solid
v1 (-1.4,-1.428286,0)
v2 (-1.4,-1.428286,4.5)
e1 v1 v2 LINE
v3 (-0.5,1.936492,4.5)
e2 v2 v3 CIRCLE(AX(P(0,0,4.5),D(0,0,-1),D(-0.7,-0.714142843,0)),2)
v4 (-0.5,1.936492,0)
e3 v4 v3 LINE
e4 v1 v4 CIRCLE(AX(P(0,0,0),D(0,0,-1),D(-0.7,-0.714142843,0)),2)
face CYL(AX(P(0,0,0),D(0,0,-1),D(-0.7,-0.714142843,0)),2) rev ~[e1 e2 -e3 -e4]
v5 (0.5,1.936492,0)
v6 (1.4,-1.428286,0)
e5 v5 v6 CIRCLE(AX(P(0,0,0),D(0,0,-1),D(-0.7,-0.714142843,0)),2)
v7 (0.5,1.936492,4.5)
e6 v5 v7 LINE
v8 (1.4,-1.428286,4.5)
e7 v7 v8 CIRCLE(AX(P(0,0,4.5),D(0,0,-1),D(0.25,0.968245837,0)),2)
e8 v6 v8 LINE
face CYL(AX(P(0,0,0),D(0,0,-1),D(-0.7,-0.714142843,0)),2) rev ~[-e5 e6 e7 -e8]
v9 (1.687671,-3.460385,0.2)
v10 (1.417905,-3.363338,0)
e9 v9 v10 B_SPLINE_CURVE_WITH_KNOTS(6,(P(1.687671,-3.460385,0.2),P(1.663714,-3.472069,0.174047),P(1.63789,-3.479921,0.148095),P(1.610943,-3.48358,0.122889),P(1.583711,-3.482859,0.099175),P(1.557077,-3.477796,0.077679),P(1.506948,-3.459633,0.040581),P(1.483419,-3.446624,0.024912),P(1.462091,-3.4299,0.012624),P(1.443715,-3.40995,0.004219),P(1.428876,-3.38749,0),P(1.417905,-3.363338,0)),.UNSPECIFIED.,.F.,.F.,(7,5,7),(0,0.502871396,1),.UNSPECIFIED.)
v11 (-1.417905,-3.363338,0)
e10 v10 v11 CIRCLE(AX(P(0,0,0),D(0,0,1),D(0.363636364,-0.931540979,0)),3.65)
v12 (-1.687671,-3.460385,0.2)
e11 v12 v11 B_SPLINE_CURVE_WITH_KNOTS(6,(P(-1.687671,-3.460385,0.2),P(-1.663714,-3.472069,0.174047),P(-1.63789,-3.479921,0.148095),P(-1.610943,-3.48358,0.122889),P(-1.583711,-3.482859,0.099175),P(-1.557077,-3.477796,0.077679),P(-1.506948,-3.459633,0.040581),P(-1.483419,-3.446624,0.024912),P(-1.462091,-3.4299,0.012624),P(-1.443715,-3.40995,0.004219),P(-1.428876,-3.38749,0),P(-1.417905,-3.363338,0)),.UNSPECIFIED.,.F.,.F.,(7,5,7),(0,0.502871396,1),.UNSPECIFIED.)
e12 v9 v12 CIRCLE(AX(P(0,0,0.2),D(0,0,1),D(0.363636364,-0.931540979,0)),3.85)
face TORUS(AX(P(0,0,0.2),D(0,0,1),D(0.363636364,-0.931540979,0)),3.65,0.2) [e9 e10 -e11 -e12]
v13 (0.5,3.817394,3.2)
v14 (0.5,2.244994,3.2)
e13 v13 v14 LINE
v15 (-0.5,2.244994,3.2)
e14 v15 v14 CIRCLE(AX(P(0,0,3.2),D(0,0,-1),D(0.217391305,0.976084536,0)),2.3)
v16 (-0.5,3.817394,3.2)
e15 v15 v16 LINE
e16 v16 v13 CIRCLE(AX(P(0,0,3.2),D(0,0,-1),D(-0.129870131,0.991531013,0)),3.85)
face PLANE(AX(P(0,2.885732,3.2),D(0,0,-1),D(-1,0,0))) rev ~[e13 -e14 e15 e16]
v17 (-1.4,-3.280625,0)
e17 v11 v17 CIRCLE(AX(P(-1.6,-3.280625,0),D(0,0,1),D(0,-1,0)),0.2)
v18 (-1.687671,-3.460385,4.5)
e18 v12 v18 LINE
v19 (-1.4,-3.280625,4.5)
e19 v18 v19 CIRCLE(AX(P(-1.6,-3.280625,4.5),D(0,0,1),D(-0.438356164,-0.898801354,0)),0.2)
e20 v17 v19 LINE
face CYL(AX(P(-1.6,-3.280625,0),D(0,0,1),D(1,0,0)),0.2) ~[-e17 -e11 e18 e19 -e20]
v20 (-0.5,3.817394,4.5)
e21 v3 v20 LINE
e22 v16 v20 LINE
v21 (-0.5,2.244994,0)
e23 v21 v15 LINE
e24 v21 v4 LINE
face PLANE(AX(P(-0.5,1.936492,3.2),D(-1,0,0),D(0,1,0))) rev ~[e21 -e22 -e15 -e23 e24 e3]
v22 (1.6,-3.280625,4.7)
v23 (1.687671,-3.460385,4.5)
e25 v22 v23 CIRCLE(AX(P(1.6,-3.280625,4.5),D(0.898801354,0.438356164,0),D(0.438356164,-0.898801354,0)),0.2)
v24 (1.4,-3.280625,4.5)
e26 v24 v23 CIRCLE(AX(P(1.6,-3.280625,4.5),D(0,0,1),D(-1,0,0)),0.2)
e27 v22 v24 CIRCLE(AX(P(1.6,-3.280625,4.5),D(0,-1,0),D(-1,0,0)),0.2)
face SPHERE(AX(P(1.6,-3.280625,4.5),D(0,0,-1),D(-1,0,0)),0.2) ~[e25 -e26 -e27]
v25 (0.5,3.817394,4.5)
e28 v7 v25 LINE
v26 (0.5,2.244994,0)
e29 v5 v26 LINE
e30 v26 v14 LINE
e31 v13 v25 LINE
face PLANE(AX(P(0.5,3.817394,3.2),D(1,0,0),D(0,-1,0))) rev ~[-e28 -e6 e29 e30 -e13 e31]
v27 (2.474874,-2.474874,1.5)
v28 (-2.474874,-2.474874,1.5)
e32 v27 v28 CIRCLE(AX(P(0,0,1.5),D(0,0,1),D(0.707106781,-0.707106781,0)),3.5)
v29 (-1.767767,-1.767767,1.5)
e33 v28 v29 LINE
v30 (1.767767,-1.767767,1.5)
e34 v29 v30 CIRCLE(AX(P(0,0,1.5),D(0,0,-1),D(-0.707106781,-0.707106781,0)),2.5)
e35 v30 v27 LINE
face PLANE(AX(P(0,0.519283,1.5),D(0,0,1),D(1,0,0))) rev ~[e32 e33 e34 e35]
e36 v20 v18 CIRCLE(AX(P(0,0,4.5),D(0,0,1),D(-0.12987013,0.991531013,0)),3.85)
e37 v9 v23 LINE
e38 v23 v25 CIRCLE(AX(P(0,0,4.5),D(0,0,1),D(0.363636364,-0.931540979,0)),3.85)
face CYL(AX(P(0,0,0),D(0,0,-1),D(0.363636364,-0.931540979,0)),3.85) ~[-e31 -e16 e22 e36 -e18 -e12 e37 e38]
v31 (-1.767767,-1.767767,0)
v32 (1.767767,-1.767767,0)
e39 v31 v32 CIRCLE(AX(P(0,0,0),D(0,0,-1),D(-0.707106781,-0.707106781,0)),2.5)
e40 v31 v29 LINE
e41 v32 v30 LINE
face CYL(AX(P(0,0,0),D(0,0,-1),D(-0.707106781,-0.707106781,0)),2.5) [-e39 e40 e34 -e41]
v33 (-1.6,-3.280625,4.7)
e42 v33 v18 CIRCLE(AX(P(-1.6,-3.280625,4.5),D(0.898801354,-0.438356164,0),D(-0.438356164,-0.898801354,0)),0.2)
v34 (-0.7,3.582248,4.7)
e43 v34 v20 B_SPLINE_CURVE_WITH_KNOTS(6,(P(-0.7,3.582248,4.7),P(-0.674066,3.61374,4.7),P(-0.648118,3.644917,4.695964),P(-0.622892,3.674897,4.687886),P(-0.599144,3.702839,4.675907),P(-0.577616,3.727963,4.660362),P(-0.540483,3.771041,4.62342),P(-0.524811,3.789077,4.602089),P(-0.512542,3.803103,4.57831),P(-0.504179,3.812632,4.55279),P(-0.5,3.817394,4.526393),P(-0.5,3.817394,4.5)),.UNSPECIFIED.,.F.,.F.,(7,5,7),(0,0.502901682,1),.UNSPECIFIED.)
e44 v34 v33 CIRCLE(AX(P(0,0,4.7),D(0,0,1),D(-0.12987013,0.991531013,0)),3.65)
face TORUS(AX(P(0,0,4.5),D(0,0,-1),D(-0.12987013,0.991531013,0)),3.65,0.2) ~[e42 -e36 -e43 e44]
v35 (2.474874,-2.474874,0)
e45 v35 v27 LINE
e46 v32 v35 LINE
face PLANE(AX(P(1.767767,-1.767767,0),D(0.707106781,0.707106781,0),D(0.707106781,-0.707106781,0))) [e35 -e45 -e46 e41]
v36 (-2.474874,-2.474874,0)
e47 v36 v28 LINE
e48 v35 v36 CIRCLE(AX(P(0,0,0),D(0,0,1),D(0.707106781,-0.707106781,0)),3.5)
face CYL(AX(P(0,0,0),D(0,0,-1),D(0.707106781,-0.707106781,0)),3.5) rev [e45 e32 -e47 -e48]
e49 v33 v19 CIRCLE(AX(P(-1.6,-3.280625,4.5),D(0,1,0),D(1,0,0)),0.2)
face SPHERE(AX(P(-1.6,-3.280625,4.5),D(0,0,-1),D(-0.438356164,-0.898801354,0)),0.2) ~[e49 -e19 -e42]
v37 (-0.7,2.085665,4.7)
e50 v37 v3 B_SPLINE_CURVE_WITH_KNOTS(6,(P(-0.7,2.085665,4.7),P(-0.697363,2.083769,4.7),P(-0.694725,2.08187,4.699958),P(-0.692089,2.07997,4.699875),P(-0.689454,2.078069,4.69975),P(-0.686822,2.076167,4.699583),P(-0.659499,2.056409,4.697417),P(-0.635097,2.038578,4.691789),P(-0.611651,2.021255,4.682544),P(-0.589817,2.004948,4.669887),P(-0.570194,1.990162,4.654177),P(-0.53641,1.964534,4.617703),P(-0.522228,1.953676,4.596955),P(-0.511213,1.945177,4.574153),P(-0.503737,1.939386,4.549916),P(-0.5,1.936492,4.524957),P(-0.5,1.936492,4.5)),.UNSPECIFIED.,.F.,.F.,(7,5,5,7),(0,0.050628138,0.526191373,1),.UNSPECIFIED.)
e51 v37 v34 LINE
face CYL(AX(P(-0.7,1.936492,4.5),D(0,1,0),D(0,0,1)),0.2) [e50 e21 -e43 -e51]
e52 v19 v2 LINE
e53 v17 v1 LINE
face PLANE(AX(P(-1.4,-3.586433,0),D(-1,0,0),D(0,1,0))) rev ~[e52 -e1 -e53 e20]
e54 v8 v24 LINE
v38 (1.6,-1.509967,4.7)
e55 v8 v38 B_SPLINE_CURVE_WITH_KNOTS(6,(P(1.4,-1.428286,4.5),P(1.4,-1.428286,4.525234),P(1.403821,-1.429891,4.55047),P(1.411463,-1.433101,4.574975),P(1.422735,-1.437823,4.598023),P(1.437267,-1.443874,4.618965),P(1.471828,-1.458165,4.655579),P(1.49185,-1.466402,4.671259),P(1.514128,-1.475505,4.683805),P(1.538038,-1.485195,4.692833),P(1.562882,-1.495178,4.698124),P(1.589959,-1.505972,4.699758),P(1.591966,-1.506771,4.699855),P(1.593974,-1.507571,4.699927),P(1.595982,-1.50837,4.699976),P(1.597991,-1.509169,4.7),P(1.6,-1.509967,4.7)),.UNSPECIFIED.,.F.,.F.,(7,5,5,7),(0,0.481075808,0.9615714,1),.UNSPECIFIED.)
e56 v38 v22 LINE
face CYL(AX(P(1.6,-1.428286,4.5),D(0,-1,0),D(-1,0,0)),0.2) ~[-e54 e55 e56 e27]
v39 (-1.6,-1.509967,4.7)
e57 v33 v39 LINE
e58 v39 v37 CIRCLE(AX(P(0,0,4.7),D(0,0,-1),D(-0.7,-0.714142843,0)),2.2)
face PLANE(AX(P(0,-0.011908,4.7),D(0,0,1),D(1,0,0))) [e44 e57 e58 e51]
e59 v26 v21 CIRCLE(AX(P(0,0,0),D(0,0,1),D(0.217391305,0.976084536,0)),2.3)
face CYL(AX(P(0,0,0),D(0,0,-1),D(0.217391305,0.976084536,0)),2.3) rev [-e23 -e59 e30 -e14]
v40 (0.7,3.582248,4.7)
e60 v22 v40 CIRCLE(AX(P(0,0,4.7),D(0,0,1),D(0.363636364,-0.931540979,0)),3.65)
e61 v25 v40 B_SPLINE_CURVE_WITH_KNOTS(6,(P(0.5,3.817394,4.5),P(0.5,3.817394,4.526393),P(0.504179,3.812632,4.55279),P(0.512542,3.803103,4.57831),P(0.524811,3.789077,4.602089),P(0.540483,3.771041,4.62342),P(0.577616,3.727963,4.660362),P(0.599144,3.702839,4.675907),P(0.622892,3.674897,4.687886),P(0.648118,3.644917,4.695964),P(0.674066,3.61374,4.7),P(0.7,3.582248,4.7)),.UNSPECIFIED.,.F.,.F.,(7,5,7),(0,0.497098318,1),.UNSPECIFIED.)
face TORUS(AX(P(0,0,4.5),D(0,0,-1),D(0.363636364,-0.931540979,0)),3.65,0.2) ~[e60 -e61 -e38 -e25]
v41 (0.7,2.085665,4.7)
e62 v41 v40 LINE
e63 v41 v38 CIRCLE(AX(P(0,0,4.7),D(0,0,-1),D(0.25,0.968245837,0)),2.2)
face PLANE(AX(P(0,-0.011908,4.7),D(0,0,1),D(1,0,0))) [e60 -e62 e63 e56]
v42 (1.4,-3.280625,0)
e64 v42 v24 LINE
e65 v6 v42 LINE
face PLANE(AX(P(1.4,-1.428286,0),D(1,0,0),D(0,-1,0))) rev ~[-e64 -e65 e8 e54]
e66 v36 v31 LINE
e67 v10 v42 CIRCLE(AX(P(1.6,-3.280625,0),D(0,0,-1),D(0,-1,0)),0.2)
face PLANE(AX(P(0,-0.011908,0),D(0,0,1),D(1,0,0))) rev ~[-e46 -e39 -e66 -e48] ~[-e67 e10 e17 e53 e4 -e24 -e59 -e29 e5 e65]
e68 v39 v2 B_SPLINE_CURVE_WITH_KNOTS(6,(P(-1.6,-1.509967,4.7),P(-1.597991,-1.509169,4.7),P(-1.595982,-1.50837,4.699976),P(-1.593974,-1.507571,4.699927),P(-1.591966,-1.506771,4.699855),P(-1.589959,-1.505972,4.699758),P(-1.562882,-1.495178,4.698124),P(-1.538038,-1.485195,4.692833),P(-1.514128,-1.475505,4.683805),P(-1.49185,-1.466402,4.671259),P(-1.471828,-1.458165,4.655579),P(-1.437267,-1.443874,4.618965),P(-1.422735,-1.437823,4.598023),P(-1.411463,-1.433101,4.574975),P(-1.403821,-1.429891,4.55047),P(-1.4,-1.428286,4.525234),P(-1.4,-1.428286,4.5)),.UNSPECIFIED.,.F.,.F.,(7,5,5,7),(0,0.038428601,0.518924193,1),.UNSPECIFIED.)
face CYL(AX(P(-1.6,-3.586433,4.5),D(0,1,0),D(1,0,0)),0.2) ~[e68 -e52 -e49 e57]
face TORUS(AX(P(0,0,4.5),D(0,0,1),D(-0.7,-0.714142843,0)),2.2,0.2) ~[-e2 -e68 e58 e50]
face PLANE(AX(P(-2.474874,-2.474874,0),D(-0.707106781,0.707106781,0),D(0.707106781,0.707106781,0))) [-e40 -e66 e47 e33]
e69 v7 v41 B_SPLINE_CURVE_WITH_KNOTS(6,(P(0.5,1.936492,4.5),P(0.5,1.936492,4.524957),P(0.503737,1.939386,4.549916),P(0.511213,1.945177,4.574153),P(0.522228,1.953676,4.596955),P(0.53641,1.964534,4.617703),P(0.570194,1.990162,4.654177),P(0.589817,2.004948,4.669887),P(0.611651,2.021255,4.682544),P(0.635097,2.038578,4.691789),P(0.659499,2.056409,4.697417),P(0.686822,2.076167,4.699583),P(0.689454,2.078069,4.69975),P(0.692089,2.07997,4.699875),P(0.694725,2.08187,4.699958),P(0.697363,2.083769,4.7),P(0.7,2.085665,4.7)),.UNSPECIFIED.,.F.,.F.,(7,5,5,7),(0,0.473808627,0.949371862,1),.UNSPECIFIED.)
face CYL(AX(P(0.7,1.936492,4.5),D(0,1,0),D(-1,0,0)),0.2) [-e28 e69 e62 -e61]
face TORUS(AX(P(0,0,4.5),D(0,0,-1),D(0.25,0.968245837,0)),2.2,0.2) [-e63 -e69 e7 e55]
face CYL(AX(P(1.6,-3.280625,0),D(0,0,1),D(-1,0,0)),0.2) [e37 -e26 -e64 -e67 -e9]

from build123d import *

# Parameters (mm, degrees)
EXTRUDE_1_DEPTH     = 4.7
CUT_EXTRUDE_START   = -1.5
CUT_EXTRUDE_1_DEPTH = 1.5
CUT_EXTRUDE_2_DEPTH = 1.5
CUT_EXTRUDE_3_DEPTH = 8.192704637
FILLET_1_R          = 0.2


with BuildPart() as part:
    # 草图1 → 凸台-拉伸1 (new body)
    with BuildSketch(Plane.XY):
        with BuildLine():
            Line((-1.4, -3.586432768), (-1.4, -1.428285686))
            ThreePointArc((-1.4, -1.428285686), (0, 2), (1.4, -1.428285686))
            Line((1.4, -1.428285686), (1.4, -3.586432768))
            ThreePointArc((1.4, -3.586432768), (0, 3.85), (-1.4, -3.586432768))
        make_face()
    extrude(amount=EXTRUDE_1_DEPTH)

    # 草图2 → 切除-拉伸1 (cut)
    with BuildSketch(Plane.XY.offset(4.7).offset(CUT_EXTRUDE_START)):
        with BuildLine():
            Line((-0.5, 1.936491673), (-0.5, 3.817394399))
            ThreePointArc((-0.5, 3.817394399), (0, 3.85), (0.5, 3.817394399))
            Line((0.5, 3.817394399), (0.5, 1.936491673))
            ThreePointArc((0.5, 1.936491673), (0, 2), (-0.5, 1.936491673))
        make_face()
    extrude(amount=CUT_EXTRUDE_1_DEPTH, mode=Mode.SUBTRACT)

    # 草图3 → 切除-拉伸2 (cut)
    with BuildSketch(Plane(origin=(0, 0, 0), x_dir=(-1, 0, 0), z_dir=(0, 0, -1))):
        with BuildLine():
            Line((-1.767766953, -1.767766953), (-2.474873734, -2.474873734))
            ThreePointArc((-2.474873734, -2.474873734), (0, 3.5), (2.474873734, -2.474873734))
            Line((2.474873734, -2.474873734), (1.767766953, -1.767766953))
            ThreePointArc((1.767766953, -1.767766953), (0, 2.5), (-1.767766953, -1.767766953))
        make_face()
    extrude(amount=-CUT_EXTRUDE_2_DEPTH, mode=Mode.SUBTRACT)

    # 草图4 → 切除-拉伸3 (cut, through all)
    with BuildSketch(Plane(origin=(0, 0, 0), x_dir=(-1, 0, 0), z_dir=(0, 0, -1))):
        with BuildLine():
            Line((-0.5, 1.936491673), (-0.5, 2.244994432))
            ThreePointArc((-0.5, 2.244994432), (0, 2.3), (0.5, 2.244994432))
            Line((0.5, 2.244994432), (0.5, 1.936491673))
            ThreePointArc((0.5, 1.936491673), (0, 2), (-0.5, 1.936491673))
        make_face()
    extrude(amount=-CUT_EXTRUDE_3_DEPTH, mode=Mode.SUBTRACT)

    # 圆角1
    fillet_1_edges = [part.edges().sort_by_distance(p)[0] for p in [
        (-1.932079623, 0.516786543, 4.7),
        (1.4, -2.507359227, 4.7),
        (-3.821866583, 0.464581337, 4.7),
        (1.932079623, 0.516786543, 4.7),
        (0.5, 2.876943036, 4.7),
        (-0.5, 2.876943036, 4.7),
        (3.821866583, 0.464581337, 4.7),
        (0, 3.85, 0),
        (-1.4, -2.507359227, 4.7),
        (1.4, -3.586432768, 2.35),
        (-1.4, -3.586432768, 2.35),
    ]]
    fillet(fillet_1_edges, radius=FILLET_1_R)


solid = part.part
